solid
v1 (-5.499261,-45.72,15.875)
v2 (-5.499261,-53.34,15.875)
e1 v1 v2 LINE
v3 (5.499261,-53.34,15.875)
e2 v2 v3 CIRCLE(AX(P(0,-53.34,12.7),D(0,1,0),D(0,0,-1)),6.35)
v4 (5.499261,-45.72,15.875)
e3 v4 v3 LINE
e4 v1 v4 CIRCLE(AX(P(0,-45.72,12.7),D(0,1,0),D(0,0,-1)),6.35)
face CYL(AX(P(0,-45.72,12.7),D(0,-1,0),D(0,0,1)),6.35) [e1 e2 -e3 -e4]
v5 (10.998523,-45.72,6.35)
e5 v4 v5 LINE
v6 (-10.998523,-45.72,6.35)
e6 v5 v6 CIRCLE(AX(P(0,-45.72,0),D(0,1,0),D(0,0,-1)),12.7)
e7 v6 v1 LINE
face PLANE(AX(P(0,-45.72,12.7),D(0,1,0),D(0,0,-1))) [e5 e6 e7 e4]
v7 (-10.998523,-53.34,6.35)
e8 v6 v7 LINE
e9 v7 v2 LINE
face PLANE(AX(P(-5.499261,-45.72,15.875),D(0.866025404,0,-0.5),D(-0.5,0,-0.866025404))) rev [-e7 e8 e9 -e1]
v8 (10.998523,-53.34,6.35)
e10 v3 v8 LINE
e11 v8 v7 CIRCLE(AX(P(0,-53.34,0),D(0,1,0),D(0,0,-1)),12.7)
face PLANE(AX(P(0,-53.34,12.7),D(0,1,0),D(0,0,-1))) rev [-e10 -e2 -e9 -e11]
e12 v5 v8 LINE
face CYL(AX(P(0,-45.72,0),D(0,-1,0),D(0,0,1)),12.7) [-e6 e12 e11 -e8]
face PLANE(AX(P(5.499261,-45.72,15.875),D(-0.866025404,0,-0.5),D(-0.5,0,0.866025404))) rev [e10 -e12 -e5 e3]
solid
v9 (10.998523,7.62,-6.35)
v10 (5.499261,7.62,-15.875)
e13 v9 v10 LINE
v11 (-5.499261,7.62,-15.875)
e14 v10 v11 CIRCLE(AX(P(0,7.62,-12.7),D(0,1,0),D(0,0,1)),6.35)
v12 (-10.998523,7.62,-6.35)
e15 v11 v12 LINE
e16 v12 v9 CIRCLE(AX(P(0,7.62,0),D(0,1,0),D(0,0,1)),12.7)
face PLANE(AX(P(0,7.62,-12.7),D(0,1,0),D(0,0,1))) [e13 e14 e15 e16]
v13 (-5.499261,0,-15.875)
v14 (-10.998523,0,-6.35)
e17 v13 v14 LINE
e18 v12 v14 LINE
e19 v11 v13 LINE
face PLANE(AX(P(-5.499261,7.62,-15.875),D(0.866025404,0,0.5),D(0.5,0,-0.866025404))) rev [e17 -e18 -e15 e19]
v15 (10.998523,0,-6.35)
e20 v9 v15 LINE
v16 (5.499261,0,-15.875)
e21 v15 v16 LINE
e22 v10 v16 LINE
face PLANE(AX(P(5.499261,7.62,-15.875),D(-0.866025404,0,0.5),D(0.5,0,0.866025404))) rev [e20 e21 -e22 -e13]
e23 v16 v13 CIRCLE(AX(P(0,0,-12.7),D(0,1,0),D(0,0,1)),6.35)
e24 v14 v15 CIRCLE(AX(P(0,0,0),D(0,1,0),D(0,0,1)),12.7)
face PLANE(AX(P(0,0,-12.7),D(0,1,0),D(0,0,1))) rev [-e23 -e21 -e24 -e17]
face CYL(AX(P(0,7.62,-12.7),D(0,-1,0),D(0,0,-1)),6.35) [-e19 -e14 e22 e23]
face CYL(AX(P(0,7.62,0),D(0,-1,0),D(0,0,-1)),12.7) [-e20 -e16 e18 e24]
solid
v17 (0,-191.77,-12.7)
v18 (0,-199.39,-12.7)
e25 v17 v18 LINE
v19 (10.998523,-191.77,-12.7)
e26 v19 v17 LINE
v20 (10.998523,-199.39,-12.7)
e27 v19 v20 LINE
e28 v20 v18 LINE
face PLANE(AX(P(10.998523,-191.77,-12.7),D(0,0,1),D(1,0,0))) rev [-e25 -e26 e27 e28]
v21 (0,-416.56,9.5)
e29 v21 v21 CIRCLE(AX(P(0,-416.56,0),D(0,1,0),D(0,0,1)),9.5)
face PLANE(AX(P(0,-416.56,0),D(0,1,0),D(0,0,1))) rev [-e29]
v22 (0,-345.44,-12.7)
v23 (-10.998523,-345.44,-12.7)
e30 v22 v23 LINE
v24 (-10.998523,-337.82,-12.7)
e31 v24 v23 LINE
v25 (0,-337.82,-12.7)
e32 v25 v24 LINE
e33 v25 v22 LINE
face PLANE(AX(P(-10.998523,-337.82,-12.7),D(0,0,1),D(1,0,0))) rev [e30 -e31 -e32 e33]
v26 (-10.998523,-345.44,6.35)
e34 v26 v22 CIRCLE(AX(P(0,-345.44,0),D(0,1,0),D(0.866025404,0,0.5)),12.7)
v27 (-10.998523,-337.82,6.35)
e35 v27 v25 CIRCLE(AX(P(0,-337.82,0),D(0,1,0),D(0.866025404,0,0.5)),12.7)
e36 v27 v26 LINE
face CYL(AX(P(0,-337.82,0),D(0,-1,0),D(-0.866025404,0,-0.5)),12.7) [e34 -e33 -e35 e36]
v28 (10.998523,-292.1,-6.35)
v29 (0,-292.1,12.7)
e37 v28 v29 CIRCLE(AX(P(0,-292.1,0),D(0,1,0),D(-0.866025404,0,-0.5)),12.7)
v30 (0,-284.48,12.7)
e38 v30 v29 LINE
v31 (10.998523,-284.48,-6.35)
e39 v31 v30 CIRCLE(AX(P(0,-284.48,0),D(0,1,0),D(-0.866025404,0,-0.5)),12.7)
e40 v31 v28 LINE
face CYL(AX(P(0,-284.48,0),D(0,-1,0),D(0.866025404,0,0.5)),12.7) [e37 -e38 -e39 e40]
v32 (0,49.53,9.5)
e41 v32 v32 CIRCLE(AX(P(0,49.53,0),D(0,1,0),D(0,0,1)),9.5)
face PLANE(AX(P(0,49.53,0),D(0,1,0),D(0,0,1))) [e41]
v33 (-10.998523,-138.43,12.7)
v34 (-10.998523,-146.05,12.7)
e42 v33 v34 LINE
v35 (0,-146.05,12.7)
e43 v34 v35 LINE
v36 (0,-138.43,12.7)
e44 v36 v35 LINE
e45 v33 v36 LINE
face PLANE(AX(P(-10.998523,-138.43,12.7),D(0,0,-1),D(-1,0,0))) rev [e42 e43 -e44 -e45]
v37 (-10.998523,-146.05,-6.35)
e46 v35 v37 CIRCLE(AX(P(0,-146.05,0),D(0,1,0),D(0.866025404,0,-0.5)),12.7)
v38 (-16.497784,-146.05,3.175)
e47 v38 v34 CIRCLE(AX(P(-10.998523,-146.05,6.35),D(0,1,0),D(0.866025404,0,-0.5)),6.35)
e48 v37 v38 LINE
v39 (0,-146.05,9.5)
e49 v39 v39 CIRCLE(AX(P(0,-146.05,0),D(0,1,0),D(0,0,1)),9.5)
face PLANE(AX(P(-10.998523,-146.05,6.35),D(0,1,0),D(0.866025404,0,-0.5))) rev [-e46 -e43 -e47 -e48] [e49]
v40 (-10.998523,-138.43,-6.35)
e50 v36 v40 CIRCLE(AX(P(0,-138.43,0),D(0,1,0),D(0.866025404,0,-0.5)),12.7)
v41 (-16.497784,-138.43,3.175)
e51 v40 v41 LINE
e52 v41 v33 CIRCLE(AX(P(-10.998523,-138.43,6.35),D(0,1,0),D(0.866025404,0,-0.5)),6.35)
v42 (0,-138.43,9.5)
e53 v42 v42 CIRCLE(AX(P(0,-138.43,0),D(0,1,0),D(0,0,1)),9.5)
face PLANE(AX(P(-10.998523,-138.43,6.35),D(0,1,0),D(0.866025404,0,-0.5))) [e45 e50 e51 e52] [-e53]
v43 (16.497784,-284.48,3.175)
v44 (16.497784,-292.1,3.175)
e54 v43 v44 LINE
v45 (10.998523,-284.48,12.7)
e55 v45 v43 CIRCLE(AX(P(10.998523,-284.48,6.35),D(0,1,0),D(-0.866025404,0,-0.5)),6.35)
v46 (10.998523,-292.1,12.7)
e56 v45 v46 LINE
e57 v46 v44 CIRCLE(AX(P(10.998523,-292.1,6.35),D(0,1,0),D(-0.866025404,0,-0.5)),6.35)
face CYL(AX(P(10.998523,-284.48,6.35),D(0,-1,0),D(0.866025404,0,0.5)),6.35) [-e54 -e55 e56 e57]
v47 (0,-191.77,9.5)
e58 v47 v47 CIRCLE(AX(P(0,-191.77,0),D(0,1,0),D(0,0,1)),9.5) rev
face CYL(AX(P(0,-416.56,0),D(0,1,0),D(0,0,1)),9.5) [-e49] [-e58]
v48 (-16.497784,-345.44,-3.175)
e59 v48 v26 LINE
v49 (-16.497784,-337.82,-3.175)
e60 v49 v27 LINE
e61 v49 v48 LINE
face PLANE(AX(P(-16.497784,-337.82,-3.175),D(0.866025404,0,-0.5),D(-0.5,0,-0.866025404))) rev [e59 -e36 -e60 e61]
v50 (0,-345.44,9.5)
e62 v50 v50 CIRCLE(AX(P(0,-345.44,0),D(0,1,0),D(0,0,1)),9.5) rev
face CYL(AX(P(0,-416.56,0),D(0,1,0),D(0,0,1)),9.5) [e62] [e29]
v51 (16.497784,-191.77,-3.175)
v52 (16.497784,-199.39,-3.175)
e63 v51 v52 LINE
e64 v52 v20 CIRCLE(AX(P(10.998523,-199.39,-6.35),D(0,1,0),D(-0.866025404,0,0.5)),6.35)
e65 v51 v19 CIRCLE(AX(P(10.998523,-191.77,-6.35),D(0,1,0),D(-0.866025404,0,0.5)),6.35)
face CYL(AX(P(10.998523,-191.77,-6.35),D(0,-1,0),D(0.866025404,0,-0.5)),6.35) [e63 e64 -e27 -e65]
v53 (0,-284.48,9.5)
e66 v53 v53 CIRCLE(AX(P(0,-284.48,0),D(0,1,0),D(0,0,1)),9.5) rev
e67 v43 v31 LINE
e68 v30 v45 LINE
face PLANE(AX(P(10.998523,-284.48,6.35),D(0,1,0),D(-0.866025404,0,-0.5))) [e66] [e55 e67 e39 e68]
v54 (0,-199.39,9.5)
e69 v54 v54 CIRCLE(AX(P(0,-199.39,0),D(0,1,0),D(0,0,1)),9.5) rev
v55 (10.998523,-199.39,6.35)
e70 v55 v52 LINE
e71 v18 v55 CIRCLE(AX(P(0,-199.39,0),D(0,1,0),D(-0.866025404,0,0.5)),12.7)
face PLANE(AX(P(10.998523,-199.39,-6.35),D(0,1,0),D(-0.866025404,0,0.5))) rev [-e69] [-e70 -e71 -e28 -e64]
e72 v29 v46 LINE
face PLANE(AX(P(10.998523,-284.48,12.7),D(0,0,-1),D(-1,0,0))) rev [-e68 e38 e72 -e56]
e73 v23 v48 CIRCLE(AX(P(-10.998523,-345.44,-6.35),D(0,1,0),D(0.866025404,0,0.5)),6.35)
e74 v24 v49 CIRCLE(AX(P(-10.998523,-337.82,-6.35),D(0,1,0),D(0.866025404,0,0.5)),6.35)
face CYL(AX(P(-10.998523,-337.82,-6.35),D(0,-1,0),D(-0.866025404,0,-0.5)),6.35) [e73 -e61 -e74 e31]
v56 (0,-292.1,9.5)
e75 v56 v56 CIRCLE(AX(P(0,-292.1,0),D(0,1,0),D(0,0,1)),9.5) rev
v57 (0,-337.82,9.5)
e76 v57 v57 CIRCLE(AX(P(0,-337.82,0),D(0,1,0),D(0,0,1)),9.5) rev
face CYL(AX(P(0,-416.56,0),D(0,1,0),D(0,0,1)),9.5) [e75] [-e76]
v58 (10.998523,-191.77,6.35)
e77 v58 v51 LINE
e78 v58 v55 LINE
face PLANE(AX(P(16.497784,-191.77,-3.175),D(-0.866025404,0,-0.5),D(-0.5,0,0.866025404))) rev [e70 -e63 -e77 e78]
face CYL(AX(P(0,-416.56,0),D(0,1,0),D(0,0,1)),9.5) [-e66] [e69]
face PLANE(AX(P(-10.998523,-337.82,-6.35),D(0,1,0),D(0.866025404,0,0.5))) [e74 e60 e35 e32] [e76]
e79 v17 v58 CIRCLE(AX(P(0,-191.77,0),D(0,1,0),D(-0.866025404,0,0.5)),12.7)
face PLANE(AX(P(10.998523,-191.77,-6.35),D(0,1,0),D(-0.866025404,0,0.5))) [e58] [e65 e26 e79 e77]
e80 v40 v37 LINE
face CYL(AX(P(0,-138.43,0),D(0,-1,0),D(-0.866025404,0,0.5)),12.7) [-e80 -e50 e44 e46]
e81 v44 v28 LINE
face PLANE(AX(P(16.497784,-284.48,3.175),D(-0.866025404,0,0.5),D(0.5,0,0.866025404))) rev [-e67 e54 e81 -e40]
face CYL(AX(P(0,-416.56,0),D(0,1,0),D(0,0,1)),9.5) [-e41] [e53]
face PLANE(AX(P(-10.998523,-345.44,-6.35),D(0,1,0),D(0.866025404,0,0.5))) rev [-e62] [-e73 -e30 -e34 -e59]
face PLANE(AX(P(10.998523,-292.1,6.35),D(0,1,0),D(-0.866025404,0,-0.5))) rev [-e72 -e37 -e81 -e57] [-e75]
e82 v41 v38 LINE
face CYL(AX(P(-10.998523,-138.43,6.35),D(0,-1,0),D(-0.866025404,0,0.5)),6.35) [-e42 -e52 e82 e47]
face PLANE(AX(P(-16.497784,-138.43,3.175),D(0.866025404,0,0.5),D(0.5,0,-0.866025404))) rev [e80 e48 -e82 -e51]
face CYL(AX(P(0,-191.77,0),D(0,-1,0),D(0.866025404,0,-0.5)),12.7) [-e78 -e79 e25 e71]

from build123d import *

# Parameters (mm, degrees)
BOSS_EXTRUDE1_DEPTH   = 7.62
LPATTERN1_COUNT       = 2
LPATTERN1_PITCH       = 53.34
BODY_MOVE_COPY1_ANGLE = 180
LPATTERN2_COUNT       = 3
LPATTERN2_PITCH       = 146.05
BODY_MOVE_COPY2_ANGLE = 120
BODY_MOVE_COPY3_ANGLE = 120
BOSS_EXTRUDE2_START   = 49.53
SKETCH2_R             = 9.5
BOSS_EXTRUDE2_DEPTH   = 466.09


with BuildPart() as part:
    # Sketch1 → Boss-Extrude1 (new body)
    with BuildSketch(Plane(origin=(0, 0, 0), x_dir=(1, 0, 0), z_dir=(0, 1, 0))):
        with BuildLine():
            Line((-5.499261314, 15.875), (-10.998522628, 6.35))
            ThreePointArc((-10.998522628, 6.35), (0, -12.7), (10.998522628, 6.35))
            Line((10.998522628, 6.35), (5.499261314, 15.875))
            ThreePointArc((5.499261314, 15.875), (0, 19.05), (-5.499261314, 15.875))
        make_face()
    extrude(amount=BOSS_EXTRUDE1_DEPTH)


with BuildPart() as lpattern1_1:
    # LPattern1: pattern copy
    add(part.part.moved(Location(Vector(0, -1, 0) * (1 * LPATTERN1_PITCH))))


with BuildPart() as lpattern1_1_1:
    # Body-Move/Copy1: moved
    add(lpattern1_1.part.rotate(Axis((0, 0, 0), (0, 1, 0)), BODY_MOVE_COPY1_ANGLE))


with BuildPart() as lpattern2_1:
    # LPattern2: pattern copy
    add(lpattern1_1_1.part.moved(Location(Vector(0, -1, 0) * (1 * LPATTERN2_PITCH))))


with BuildPart() as lpattern2_2:
    # LPattern2: pattern copy
    add(lpattern1_1_1.part.moved(Location(Vector(0, -1, 0) * (2 * LPATTERN2_PITCH))))


with BuildPart() as lpattern2_3:
    # LPattern2: pattern copy
    add(part.part.moved(Location(Vector(0, -1, 0) * (1 * LPATTERN2_PITCH))))


with BuildPart() as lpattern2_4:
    # LPattern2: pattern copy
    add(part.part.moved(Location(Vector(0, -1, 0) * (2 * LPATTERN2_PITCH))))


with BuildPart() as lpattern2_3_1:
    # Body-Move/Copy2: moved
    add(lpattern2_3.part.rotate(Axis((0, 0, 0), (0, 1, 0)), BODY_MOVE_COPY2_ANGLE))


with BuildPart() as lpattern2_1_1:
    # Body-Move/Copy2: moved
    add(lpattern2_1.part.rotate(Axis((0, 0, 0), (0, 1, 0)), BODY_MOVE_COPY2_ANGLE))



with BuildPart() as lpattern2_2_1:
    # Body-Move/Copy3: moved
    add(lpattern2_2.part.rotate(Axis((0, 0, 0), (0, -1, 0)), BODY_MOVE_COPY3_ANGLE))


with BuildPart() as lpattern2_4_1:
    # Body-Move/Copy3: moved
    add(lpattern2_4.part.rotate(Axis((0, 0, 0), (0, -1, 0)), BODY_MOVE_COPY3_ANGLE))


with BuildPart() as lpattern2_1_2:
    add(lpattern2_1_1.part)

    add(lpattern2_2_1.part)  # Boss-Extrude2 merges LPattern2_2

    add(lpattern2_3_1.part)  # Boss-Extrude2 merges LPattern2_3

    add(lpattern2_4_1.part)  # Boss-Extrude2 merges LPattern2_4
    # Sketch2 → Boss-Extrude2 (add)
    with BuildSketch(Plane(origin=(0, 0, 0), x_dir=(1, 0, 0), z_dir=(0, 1, 0)).offset(BOSS_EXTRUDE2_START)):
        with Locations(Location((0, 0, 0), (0, 0, 270))):
            Circle(SKETCH2_R)
    extrude(amount=-BOSS_EXTRUDE2_DEPTH)


solid = Compound([part.part, lpattern1_1_1.part, lpattern2_1_2.part])
